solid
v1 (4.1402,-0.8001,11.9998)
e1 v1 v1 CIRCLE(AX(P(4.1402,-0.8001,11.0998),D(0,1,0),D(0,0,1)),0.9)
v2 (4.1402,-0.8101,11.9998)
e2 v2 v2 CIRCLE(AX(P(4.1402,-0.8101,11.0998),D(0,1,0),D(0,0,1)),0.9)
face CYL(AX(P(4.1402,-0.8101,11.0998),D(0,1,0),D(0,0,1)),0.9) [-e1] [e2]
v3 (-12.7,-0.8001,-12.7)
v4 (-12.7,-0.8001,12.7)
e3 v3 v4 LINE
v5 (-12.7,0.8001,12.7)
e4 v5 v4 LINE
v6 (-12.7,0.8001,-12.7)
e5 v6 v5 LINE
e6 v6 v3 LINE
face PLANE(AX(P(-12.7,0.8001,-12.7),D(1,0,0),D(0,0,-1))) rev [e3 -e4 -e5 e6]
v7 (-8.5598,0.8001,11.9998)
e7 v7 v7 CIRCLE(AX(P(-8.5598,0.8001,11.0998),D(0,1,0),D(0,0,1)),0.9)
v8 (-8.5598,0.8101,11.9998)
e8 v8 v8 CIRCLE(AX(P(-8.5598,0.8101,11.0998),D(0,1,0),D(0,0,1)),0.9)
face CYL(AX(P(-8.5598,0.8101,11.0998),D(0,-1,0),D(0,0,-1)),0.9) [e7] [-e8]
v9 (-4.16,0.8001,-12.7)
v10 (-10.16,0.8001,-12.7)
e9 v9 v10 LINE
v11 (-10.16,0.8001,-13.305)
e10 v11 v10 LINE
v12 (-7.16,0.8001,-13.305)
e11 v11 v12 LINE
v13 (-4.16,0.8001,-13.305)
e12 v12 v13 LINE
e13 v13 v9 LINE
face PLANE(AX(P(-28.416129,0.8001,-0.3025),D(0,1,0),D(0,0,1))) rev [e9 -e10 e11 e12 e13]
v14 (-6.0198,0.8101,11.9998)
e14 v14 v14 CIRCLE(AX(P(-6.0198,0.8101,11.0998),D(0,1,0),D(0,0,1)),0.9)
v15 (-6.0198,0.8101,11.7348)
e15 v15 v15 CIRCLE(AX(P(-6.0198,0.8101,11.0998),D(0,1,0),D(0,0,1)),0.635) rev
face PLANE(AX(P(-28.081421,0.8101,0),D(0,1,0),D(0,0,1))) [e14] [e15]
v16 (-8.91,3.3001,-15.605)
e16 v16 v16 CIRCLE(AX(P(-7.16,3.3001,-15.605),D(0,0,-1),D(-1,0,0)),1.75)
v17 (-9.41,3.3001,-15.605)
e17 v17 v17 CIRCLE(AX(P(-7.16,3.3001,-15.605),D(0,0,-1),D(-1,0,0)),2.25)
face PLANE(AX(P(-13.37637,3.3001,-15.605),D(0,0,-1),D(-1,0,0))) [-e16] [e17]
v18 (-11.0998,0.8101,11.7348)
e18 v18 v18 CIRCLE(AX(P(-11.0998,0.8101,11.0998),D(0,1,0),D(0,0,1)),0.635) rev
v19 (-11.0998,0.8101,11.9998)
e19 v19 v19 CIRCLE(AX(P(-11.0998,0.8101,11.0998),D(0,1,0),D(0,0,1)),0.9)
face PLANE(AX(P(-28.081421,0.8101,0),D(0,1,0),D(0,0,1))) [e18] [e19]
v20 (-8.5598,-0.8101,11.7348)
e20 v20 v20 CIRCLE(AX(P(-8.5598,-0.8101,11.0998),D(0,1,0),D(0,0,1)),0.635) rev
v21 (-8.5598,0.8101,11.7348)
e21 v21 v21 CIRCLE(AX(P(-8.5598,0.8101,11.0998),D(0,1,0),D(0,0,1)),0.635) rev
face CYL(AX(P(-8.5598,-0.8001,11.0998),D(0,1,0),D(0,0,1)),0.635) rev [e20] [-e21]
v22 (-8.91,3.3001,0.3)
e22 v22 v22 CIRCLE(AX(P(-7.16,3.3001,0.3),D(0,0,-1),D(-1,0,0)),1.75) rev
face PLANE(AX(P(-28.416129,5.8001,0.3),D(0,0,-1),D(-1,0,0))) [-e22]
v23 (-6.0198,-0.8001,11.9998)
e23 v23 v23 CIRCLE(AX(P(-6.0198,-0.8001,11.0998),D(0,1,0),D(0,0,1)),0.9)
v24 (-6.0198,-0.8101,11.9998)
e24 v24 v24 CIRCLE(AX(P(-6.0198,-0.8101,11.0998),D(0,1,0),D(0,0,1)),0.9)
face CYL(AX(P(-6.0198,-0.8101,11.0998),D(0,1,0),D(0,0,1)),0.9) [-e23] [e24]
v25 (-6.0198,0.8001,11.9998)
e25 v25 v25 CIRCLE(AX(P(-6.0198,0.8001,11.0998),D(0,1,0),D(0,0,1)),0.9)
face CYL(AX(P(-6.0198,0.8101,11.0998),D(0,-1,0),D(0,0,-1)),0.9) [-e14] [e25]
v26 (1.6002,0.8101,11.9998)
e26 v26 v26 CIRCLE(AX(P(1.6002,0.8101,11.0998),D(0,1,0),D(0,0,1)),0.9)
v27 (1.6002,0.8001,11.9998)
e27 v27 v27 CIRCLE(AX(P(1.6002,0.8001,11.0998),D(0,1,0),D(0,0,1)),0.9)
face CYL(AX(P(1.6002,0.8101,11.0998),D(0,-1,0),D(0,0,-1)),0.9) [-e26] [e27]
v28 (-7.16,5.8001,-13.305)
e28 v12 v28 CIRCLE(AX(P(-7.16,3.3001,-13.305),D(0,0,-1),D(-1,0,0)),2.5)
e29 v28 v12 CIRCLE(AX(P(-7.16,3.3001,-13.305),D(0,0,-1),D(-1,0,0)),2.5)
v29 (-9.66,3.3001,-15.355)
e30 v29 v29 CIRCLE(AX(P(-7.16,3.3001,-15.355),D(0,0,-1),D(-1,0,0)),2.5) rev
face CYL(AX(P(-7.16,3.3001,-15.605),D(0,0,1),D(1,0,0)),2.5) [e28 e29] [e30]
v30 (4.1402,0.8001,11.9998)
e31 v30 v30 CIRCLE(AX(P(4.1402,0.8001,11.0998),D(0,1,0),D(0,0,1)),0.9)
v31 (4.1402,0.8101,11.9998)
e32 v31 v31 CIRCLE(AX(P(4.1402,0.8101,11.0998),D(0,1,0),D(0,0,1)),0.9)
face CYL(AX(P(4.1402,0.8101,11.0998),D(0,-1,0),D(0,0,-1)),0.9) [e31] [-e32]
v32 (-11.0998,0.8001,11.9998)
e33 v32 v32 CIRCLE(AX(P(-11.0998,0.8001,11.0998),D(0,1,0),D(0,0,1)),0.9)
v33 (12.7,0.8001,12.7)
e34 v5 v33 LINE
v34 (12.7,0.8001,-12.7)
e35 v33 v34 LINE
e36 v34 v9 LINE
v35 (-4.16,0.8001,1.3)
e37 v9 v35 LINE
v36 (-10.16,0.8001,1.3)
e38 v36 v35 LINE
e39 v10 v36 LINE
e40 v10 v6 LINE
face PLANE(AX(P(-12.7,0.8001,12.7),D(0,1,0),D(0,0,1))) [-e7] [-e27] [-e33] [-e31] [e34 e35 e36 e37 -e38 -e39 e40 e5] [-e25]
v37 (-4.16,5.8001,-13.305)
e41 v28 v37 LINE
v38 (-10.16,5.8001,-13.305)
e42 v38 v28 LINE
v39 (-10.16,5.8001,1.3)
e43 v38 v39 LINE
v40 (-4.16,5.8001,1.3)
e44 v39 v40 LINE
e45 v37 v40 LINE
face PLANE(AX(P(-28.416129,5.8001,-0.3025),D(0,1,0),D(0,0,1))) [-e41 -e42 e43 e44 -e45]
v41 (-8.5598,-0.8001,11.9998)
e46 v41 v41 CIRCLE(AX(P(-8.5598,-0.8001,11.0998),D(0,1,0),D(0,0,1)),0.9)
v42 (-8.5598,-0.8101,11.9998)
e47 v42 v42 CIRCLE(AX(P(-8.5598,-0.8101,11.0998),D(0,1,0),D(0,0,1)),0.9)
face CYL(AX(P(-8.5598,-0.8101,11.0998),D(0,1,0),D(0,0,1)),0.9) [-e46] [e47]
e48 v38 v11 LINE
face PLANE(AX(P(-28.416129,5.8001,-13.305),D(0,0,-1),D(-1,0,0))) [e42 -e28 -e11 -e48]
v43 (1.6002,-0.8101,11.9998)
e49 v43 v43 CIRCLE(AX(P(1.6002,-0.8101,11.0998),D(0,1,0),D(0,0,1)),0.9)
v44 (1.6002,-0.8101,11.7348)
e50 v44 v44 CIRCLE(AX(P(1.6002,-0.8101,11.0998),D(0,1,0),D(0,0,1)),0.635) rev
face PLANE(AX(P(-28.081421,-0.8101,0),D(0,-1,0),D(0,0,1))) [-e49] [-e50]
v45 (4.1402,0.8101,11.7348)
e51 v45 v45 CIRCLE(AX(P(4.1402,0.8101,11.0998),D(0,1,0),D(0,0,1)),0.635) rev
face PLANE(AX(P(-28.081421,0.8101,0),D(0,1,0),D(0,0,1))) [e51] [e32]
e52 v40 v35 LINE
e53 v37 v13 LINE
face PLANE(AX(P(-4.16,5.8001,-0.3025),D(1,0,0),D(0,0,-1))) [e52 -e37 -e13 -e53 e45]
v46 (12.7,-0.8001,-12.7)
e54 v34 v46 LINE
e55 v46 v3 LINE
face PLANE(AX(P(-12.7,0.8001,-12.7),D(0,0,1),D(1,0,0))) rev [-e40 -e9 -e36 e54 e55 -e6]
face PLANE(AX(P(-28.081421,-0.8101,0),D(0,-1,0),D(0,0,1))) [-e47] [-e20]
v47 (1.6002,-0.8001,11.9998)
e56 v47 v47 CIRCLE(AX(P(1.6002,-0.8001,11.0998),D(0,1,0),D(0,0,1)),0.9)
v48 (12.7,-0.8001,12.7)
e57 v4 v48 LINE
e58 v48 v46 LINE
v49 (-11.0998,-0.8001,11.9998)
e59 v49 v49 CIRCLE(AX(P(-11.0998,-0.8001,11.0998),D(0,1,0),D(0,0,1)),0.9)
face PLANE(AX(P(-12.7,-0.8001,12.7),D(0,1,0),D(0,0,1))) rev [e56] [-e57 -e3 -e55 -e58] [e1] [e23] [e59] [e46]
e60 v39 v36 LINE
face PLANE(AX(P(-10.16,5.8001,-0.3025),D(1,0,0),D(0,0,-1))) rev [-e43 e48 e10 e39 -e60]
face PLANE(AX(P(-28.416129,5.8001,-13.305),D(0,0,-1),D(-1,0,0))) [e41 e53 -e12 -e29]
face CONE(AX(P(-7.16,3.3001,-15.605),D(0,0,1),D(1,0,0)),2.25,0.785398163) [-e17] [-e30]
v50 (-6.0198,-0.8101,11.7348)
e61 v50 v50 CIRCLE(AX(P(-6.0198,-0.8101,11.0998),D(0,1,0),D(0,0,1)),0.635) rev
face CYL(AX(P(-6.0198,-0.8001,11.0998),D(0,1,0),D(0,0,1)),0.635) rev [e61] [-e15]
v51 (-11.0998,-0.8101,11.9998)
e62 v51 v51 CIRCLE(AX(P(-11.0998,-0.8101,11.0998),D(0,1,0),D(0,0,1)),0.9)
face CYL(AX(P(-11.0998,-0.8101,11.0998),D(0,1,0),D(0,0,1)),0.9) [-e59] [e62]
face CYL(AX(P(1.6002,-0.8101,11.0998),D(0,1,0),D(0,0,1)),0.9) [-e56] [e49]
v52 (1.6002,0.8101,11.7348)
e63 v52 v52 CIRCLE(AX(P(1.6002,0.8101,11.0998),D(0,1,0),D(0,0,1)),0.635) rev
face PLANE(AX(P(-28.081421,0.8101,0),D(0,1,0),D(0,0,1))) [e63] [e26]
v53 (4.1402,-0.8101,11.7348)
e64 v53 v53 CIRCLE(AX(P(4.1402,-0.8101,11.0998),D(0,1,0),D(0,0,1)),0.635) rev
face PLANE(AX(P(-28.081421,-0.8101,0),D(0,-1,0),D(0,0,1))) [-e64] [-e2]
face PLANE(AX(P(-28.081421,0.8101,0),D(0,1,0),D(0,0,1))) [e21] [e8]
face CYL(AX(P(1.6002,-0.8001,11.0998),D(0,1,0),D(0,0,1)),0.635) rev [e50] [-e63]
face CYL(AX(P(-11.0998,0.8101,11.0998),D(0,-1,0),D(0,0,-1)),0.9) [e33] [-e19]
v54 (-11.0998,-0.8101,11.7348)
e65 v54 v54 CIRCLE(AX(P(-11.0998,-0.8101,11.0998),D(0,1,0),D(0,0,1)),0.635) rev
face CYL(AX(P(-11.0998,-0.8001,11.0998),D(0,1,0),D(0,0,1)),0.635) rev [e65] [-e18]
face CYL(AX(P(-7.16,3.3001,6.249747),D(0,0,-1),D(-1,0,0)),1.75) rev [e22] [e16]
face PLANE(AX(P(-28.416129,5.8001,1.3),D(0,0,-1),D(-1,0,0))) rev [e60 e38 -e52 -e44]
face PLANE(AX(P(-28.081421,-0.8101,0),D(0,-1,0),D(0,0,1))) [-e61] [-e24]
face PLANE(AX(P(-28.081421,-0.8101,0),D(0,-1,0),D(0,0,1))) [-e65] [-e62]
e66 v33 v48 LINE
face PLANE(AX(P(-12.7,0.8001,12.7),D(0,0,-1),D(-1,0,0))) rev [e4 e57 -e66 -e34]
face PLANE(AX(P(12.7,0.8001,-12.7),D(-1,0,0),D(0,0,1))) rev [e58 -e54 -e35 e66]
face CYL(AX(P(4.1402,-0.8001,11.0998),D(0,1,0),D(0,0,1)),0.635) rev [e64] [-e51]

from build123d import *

# Parameters (mm, degrees)
SKETCH1_W           = 25.4
SKETCH1_H           = 25.4
BOSS_EXTRUDE1_DEPTH = 0.8001
SKETCH2_R           = 0.635
CUT_EXTRUDE1_DEPTH  = 1.6002
SKETCH3_W           = 6
SKETCH3_H           = 14.605
BOSS_EXTRUDE2_DEPTH = 5
SKETCH4_R           = 2.5
BOSS_EXTRUDE3_DEPTH = 2.3
SKETCH5_R           = 1.75
CUT_EXTRUDE4_DEPTH  = 15.905
CHAMFER1_SIZE       = 0.25
SKETCH6_R           = 0.9
SKETCH6_R_2         = 0.635
BOSS_EXTRUDE4_DEPTH = 0.01


with BuildPart() as part:
    # Sketch1 → Boss-Extrude1 (new body, symmetric)
    with BuildSketch(Plane(origin=(0, 0, 0), x_dir=(1, 0, 0), z_dir=(0, 1, 0))):
        Rectangle(SKETCH1_W, SKETCH1_H)
    extrude(amount=BOSS_EXTRUDE1_DEPTH, both=True)

    # Sketch2 → Cut-Extrude1 (cut)
    with BuildSketch(Plane(origin=(0, 0.8001, 0), x_dir=(1, 0, 0), z_dir=(0, 1, 0))):
        with Locations((-11.0998, -11.0998)):
            Circle(SKETCH2_R)
        with Locations((-8.5598, -11.0998)):
            Circle(SKETCH2_R)
        with Locations((-6.0198, -11.0998)):
            Circle(SKETCH2_R)
        with Locations((1.6002, -11.0998)):
            Circle(SKETCH2_R)
        with Locations((4.1402, -11.0998)):
            Circle(SKETCH2_R)
    extrude(amount=-CUT_EXTRUDE1_DEPTH, mode=Mode.SUBTRACT)

    # Sketch3 → Boss-Extrude2 (add)
    with BuildSketch(Plane(origin=(0, 0.8001, 0), x_dir=(1, 0, 0), z_dir=(0, 1, 0))):
        with Locations((-7.16, 6.0025)):
            Rectangle(SKETCH3_W, SKETCH3_H)
    extrude(amount=BOSS_EXTRUDE2_DEPTH)

    # Sketch4 → Boss-Extrude3 (add)
    with BuildSketch(Plane(origin=(0, 0, -13.305), x_dir=(-1, 0, 0), z_dir=(0, 0, -1))):
        with Locations((7.16, 3.3001)):
            Circle(SKETCH4_R)
    extrude(amount=BOSS_EXTRUDE3_DEPTH)

    # Sketch5 → Cut-Extrude4 (cut)
    with BuildSketch(Plane(origin=(0, 0, -15.605), x_dir=(-1, 0, 0), z_dir=(0, 0, -1))):
        with Locations((7.16, 3.3001)):
            Circle(SKETCH5_R)
    extrude(amount=-CUT_EXTRUDE4_DEPTH, mode=Mode.SUBTRACT)

    # Chamfer1
    chamfer1_edges = [part.edges().sort_by_distance(p)[0] for p in [
        (-4.66, 3.3001, -15.605),
    ]]
    chamfer(chamfer1_edges, length=CHAMFER1_SIZE)

    # Sketch6 → Boss-Extrude4 (add)
    with BuildSketch(Plane(origin=(0, 0.8001, 0), x_dir=(1, 0, 0), z_dir=(0, 1, 0))):
        with Locations((-11.0998, -11.0998)):
            Circle(SKETCH6_R)
        with Locations((-11.0998, -11.0998)):
            Circle(SKETCH6_R_2, mode=Mode.SUBTRACT)
        with Locations((-8.5598, -11.0998)):
            Circle(SKETCH6_R)
        with Locations((-8.5598, -11.0998)):
            Circle(SKETCH6_R_2, mode=Mode.SUBTRACT)
        with Locations((-6.0198, -11.0998)):
            Circle(SKETCH6_R)
        with Locations((-6.0198, -11.0998)):
            Circle(SKETCH6_R_2, mode=Mode.SUBTRACT)
        with Locations((1.6002, -11.0998)):
            Circle(SKETCH6_R)
        with Locations((1.6002, -11.0998)):
            Circle(SKETCH6_R_2, mode=Mode.SUBTRACT)
        with Locations((4.1402, -11.0998)):
            Circle(SKETCH6_R)
        with Locations((4.1402, -11.0998)):
            Circle(SKETCH6_R_2, mode=Mode.SUBTRACT)
    boss_extrude4 = extrude(amount=BOSS_EXTRUDE4_DEPTH)

    # Mirror1: Boss-Extrude4 across plane
    add(boss_extrude4.mirror(Plane.ZX))


solid = part.part
